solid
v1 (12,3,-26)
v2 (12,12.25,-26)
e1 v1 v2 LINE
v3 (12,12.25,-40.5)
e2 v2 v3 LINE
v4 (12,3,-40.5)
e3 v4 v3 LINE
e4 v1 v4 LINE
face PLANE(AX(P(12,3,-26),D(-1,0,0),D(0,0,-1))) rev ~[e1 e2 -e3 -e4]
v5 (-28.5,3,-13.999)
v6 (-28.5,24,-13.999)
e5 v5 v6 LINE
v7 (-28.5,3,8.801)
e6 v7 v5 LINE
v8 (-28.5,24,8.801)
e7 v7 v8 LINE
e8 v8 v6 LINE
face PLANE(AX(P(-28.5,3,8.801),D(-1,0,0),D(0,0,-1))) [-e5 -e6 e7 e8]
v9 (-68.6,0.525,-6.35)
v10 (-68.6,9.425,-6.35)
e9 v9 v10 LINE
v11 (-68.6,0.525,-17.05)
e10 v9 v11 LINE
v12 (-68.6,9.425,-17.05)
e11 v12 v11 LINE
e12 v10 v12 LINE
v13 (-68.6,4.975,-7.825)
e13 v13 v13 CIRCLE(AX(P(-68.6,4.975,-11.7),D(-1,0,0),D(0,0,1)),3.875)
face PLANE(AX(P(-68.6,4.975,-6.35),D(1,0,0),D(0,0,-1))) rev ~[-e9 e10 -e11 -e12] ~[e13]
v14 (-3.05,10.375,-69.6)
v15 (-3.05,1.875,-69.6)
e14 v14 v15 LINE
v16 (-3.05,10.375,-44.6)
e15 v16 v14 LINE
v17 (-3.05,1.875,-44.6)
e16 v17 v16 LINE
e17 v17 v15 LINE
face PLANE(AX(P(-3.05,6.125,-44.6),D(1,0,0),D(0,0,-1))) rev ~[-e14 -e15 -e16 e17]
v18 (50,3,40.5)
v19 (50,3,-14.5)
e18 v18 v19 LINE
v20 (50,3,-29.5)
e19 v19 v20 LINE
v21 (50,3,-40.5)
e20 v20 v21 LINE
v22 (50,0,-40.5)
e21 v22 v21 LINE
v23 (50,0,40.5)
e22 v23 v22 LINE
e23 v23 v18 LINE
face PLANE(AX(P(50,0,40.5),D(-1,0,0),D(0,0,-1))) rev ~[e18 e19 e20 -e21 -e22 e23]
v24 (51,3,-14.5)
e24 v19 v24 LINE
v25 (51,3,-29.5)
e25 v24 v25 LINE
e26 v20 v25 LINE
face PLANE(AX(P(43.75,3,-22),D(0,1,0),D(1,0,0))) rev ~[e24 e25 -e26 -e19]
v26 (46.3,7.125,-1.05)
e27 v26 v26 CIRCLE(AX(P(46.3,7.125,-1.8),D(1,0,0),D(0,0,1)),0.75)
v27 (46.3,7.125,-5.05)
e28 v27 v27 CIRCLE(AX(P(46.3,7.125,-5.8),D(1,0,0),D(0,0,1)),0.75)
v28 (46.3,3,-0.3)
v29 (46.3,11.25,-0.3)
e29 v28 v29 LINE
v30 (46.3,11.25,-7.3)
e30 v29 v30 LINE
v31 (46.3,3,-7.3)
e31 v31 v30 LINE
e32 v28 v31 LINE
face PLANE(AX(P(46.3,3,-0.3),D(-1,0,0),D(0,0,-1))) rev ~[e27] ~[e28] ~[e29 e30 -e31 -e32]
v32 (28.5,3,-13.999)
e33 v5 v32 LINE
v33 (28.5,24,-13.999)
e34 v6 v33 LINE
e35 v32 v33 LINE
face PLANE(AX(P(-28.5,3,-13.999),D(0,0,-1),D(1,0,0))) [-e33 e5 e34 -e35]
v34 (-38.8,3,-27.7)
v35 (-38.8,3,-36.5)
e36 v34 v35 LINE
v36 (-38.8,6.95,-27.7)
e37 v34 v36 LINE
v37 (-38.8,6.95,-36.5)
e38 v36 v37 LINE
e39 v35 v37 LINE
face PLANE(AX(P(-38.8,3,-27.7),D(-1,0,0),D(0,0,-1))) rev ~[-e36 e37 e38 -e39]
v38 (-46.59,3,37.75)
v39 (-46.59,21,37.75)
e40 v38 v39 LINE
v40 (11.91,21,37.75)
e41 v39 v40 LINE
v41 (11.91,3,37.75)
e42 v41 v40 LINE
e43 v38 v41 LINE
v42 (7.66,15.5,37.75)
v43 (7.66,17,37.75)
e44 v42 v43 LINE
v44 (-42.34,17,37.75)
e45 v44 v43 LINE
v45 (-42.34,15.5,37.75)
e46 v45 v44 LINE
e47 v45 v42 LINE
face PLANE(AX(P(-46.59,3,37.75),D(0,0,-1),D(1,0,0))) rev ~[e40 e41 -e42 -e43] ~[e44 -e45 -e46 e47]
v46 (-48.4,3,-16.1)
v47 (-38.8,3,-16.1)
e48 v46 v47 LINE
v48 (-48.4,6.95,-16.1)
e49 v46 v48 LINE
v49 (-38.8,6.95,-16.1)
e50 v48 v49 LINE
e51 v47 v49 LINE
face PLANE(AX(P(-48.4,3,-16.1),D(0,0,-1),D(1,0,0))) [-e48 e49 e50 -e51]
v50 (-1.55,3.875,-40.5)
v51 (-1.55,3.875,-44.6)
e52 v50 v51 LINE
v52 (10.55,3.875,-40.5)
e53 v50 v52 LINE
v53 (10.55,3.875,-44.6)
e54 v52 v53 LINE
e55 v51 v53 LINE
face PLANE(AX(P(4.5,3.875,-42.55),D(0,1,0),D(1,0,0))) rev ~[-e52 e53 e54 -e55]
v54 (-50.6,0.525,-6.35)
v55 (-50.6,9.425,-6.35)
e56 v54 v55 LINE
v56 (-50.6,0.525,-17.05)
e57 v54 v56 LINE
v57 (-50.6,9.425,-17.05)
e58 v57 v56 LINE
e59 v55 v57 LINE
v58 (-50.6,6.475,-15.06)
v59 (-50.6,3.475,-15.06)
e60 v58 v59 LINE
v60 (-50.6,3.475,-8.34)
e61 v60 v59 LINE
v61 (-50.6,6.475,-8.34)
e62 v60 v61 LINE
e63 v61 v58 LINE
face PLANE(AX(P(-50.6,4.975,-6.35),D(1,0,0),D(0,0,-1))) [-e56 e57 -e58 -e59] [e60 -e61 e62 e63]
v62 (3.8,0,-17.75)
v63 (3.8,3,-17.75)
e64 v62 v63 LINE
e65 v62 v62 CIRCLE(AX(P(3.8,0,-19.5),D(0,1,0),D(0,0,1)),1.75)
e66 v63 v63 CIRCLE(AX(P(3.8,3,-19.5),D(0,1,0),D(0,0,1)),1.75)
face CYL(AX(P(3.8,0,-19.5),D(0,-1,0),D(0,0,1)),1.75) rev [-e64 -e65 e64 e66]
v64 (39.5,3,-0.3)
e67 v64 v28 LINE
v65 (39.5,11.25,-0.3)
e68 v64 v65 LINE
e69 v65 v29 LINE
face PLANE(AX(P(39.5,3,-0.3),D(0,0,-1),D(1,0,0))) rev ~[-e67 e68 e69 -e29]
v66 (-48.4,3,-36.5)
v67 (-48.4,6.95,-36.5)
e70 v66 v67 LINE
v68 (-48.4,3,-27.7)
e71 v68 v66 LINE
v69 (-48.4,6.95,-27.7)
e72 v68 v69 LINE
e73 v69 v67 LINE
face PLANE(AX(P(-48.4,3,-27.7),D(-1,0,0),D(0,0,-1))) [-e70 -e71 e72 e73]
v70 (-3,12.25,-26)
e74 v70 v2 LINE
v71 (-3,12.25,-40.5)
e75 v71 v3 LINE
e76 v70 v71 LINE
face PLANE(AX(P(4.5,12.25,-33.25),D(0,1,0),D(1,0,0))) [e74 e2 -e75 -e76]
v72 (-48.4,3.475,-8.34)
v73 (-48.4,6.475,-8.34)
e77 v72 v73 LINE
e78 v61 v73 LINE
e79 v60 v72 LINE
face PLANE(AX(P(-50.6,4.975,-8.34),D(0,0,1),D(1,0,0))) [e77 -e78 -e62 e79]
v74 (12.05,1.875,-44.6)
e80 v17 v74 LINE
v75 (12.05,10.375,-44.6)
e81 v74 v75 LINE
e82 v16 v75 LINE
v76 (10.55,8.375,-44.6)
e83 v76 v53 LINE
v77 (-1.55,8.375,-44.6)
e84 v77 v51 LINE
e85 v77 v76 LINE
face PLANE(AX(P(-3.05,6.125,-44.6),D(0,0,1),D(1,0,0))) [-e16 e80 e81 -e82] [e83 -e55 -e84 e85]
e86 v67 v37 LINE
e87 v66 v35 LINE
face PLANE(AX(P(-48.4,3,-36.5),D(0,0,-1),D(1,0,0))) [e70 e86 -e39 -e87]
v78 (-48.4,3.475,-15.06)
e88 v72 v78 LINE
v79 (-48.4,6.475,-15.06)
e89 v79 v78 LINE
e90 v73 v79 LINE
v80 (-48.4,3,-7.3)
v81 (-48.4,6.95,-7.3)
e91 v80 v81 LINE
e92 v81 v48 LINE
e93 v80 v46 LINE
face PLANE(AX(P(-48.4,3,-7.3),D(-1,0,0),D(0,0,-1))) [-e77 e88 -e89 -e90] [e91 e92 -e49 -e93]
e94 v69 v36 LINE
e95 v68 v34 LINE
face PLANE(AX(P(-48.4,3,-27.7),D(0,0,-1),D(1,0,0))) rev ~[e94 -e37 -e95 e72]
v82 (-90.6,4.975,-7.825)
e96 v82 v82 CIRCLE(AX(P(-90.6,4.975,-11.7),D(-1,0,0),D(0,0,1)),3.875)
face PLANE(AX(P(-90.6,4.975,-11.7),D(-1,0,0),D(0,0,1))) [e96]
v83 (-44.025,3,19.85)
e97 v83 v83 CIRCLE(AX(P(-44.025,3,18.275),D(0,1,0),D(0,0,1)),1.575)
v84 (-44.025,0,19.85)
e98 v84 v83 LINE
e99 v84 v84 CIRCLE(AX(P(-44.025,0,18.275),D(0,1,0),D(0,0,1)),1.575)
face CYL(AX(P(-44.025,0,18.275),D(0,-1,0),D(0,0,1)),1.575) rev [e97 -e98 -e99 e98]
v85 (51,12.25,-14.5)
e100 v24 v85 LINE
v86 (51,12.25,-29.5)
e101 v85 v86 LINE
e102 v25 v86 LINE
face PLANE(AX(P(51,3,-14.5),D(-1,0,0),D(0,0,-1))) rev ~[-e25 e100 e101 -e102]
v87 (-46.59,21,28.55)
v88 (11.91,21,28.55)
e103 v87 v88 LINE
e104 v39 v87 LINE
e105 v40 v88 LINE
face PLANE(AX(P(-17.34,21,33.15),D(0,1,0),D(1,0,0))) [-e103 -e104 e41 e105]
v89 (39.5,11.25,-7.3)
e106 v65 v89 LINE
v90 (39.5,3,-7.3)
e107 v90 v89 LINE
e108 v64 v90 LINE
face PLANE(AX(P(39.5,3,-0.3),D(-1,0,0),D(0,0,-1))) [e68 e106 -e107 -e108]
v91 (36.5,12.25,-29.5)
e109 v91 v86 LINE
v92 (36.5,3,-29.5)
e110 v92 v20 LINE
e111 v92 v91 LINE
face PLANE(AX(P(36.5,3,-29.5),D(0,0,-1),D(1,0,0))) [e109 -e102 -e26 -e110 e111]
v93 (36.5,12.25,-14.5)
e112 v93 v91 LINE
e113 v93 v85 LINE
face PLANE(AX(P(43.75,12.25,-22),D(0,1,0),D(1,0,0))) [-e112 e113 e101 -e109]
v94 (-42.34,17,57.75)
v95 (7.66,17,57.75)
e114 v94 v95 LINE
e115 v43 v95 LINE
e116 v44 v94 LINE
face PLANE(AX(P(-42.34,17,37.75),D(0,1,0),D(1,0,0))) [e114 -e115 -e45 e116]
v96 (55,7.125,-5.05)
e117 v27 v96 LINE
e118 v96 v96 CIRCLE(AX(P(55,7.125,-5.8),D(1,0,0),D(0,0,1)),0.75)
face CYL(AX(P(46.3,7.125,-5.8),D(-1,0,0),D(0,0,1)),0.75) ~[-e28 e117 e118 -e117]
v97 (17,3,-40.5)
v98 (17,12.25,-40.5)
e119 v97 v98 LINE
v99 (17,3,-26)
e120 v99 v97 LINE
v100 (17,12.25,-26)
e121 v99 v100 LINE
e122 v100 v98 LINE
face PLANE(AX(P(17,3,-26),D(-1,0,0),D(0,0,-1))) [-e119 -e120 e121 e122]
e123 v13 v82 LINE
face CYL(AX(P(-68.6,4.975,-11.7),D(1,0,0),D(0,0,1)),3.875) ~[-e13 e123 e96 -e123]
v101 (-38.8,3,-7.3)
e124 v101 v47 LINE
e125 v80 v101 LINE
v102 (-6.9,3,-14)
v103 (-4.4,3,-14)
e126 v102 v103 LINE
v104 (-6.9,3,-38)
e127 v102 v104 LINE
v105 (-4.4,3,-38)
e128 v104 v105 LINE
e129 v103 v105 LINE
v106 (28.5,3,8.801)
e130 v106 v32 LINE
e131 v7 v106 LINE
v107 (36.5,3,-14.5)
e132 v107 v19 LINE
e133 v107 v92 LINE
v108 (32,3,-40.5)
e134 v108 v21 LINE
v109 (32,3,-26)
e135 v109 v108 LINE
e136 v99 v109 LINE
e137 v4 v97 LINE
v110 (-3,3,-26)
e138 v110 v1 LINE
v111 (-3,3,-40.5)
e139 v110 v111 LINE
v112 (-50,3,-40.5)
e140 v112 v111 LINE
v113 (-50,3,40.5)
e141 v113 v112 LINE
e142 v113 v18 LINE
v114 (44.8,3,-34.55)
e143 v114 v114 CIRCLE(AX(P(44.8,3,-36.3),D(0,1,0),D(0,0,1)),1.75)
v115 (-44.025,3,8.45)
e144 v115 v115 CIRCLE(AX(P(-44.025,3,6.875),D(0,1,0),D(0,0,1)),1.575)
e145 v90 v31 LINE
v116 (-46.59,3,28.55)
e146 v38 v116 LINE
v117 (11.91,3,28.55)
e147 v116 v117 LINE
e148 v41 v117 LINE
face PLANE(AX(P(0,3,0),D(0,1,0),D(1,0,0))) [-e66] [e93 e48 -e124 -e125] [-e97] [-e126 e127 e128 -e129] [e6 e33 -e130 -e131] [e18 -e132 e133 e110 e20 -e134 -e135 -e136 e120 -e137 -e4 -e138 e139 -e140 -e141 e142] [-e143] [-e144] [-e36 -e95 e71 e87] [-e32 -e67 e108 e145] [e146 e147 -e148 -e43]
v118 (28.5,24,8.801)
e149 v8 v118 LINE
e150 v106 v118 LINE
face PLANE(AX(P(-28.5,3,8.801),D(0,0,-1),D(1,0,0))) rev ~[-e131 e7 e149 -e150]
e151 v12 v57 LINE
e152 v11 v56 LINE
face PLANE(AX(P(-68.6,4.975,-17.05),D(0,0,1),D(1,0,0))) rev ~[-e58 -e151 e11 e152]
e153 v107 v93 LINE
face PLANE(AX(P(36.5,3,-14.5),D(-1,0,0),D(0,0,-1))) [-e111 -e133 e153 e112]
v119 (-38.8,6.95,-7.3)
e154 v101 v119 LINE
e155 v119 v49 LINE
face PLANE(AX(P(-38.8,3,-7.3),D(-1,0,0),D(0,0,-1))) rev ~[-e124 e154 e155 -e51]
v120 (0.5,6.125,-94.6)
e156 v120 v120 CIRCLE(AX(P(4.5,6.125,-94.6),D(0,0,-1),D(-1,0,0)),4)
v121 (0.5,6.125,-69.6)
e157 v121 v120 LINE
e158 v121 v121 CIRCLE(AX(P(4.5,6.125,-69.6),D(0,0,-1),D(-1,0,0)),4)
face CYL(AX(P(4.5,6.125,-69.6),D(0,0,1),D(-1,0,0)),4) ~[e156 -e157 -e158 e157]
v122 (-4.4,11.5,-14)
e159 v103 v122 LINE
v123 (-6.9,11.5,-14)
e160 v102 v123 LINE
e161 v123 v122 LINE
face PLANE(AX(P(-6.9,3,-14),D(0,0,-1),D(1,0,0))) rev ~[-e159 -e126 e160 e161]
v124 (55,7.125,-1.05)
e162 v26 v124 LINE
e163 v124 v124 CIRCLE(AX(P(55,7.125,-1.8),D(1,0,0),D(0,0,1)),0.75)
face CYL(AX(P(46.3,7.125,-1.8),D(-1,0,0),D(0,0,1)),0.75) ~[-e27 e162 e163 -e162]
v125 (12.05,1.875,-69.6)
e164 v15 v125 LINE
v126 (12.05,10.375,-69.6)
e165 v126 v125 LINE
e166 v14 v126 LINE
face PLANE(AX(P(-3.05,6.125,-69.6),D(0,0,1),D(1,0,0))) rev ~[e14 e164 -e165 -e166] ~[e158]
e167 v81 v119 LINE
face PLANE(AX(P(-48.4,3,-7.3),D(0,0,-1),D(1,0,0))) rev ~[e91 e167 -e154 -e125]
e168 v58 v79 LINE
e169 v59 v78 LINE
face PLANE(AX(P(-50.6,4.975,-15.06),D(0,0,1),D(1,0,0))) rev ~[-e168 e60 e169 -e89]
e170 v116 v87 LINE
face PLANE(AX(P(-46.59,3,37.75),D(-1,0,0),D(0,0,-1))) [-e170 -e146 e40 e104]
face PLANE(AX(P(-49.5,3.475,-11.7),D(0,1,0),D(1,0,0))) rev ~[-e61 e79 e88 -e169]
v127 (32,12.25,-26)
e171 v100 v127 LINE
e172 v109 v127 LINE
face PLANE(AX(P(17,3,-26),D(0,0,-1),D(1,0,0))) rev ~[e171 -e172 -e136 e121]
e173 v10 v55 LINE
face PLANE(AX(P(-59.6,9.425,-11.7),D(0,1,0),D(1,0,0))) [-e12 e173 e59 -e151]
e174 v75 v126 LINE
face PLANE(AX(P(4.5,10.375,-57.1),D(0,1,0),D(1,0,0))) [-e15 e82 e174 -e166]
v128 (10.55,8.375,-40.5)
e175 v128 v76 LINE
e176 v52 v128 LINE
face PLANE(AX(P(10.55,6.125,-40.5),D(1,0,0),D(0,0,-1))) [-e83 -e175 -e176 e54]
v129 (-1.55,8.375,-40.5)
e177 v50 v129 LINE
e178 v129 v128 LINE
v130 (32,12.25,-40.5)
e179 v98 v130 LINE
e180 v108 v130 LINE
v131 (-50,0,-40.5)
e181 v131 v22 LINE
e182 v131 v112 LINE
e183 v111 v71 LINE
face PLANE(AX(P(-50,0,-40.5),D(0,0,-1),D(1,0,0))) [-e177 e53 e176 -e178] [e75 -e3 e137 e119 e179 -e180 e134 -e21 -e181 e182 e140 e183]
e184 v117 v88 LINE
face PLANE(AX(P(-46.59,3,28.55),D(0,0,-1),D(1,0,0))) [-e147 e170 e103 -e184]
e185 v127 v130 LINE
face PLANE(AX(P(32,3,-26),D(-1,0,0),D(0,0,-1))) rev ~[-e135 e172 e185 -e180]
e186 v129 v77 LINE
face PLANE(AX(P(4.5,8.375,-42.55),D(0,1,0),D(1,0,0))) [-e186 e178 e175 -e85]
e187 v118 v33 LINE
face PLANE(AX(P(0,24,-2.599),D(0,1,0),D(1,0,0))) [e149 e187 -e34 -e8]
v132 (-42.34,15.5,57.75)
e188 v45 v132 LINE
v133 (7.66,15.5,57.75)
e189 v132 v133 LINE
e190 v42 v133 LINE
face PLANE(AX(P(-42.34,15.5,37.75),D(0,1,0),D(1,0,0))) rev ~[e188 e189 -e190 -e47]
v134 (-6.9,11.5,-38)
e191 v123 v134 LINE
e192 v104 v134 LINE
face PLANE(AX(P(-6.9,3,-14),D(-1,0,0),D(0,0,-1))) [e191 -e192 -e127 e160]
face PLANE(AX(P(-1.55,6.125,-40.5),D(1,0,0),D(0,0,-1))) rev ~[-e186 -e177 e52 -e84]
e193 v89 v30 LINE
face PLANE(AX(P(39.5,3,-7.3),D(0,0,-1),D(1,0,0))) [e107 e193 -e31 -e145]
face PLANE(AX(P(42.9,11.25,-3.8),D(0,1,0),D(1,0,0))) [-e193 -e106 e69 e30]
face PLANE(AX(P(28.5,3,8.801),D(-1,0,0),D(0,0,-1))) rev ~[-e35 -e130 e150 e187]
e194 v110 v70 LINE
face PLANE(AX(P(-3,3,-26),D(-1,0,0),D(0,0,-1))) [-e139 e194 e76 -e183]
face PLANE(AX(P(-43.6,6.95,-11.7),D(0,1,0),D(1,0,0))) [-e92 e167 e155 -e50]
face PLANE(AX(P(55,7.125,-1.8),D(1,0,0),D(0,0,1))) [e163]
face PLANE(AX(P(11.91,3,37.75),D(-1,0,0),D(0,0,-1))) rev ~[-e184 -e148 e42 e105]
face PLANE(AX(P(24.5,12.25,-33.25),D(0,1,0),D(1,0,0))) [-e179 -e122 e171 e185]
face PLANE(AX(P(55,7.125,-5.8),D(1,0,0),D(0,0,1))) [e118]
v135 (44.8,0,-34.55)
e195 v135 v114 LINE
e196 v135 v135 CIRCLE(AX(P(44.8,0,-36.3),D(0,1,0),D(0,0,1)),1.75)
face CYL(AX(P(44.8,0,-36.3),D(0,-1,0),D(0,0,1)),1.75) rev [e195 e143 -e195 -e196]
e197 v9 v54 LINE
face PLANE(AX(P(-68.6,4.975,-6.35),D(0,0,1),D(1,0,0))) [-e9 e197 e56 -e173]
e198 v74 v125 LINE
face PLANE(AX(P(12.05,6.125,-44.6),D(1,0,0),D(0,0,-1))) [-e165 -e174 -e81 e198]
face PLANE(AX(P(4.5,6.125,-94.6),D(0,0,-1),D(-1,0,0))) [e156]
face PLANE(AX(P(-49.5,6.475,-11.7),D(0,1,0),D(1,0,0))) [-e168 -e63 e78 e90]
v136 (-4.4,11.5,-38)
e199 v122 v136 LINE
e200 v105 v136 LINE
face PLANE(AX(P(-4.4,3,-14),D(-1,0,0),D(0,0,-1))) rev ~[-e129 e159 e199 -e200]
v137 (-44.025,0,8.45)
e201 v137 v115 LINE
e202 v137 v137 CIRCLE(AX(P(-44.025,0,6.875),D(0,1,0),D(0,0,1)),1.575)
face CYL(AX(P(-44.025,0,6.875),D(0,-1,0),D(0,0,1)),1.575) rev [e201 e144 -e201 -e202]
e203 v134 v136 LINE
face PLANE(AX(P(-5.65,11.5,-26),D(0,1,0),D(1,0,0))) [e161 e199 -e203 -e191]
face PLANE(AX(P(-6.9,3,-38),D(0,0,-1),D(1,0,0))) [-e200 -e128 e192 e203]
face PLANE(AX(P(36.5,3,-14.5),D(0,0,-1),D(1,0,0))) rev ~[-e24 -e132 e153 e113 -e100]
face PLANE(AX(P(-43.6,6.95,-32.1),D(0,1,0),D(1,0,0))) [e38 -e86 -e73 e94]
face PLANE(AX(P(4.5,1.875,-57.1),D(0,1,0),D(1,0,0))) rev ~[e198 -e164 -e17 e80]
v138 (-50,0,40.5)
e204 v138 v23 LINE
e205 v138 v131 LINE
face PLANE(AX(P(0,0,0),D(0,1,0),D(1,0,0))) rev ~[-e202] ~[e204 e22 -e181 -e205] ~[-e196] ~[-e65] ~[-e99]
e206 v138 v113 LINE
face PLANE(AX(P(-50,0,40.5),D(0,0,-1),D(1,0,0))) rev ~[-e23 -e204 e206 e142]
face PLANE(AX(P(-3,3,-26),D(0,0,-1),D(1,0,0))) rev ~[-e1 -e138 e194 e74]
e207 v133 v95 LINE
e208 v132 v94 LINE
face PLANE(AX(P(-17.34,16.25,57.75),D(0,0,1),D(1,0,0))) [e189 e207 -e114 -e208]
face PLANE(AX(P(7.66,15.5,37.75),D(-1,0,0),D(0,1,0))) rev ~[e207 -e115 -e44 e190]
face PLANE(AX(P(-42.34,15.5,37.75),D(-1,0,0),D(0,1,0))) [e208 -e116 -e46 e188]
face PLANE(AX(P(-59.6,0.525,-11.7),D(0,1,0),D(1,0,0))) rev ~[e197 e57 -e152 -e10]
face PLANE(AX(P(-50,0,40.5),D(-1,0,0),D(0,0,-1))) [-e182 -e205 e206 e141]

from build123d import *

# Parameters (mm, degrees)
SKETCH1_W            = 100
SKETCH1_H            = 81
SKETCH1_R            = 1.75
SKETCH1_R_2          = 1.575
BOSS_EXTRUDE1_DEPTH  = 3
SKETCH2_W            = 58.5
SKETCH2_H            = 9.2
BOSS_EXTRUDE2_DEPTH  = 18
SKETCH3_W            = 50
SKETCH3_H            = 1.5
BOSS_EXTRUDE3_DEPTH  = 20
SKETCH4_W            = 14.5
SKETCH4_H            = 15
SKETCH4_W_2          = 15
SKETCH4_H_2          = 14.5
BOSS_EXTRUDE4_DEPTH  = 9.25
SKETCH5_W            = 2.5
SKETCH5_H            = 24
BOSS_EXTRUDE5_DEPTH  = 8.5
SKETCH6_W            = 12.1
SKETCH6_H            = 4.1
BOSS_EXTRUDE6_DEPTH  = 2.25
SKETCH6_3_W          = 15.1
SKETCH6_3_H          = 25
BOSS_EXTRUDE7_DEPTH  = 4.25
SKETCH7_R            = 4
BOSS_EXTRUDE8_DEPTH  = 25
SKETCH8_W            = 9.6
SKETCH8_H            = 8.8
BOSS_EXTRUDE9_DEPTH  = 3.95
SKETCH9_W            = 2.2
SKETCH9_H            = 6.72
BOSS_EXTRUDE10_DEPTH = 1.5
SKETCH9_3_W          = 18
SKETCH9_3_H          = 10.7
BOSS_EXTRUDE11_DEPTH = 4.45
SKETCH10_R           = 3.875
BOSS_EXTRUDE12_DEPTH = 22
SKETCH11_W           = 57
SKETCH11_H           = 22.8
BOSS_EXTRUDE13_DEPTH = 21
SKETCH12_W           = 6.8
SKETCH12_H           = 7
BOSS_EXTRUDE14_DEPTH = 8.25
SKETCH13_R           = 0.75
BOSS_EXTRUDE15_DEPTH = 8.7


with BuildPart() as part:
    # Sketch1 → Boss-Extrude1 (new body)
    with BuildSketch(Plane(origin=(0, 0, 0), x_dir=(1, 0, 0), z_dir=(0, 1, 0))):
        Rectangle(SKETCH1_W, SKETCH1_H)
        with Locations(Location((44.8, 36.3, 0), (0, 0, 270))):
            Circle(SKETCH1_R, mode=Mode.SUBTRACT)
        with Locations(Location((3.8, 19.5, 0), (0, 0, 270))):
            Circle(SKETCH1_R, mode=Mode.SUBTRACT)
        with Locations(Location((-44.025, -18.275, 0), (0, 0, 270))):
            Circle(SKETCH1_R_2, mode=Mode.SUBTRACT)
        with Locations(Location((-44.025, -6.875, 0), (0, 0, 270))):
            Circle(SKETCH1_R_2, mode=Mode.SUBTRACT)
    extrude(amount=BOSS_EXTRUDE1_DEPTH)

    # Sketch2 → Boss-Extrude2 (add)
    with BuildSketch(Plane(origin=(0, 3, 0), x_dir=(1, 0, 0), z_dir=(0, 1, 0))):
        with Locations((-17.34, -33.15)):
            Rectangle(SKETCH2_W, SKETCH2_H)
    extrude(amount=BOSS_EXTRUDE2_DEPTH)

    # Sketch3 → Boss-Extrude3 (add)
    with BuildSketch(Plane.XY.offset(37.75)):
        with Locations((-17.34, 16.25)):
            Rectangle(SKETCH3_W, SKETCH3_H)
    extrude(amount=BOSS_EXTRUDE3_DEPTH)

    # Sketch4 → Boss-Extrude4 (add)
    with BuildSketch(Plane(origin=(0, 3, 0), x_dir=(1, 0, 0), z_dir=(0, 1, 0))):
        with Locations((43.75, 22)):
            Rectangle(SKETCH4_W, SKETCH4_H)
        with Locations((4.5, 33.25)):
            Rectangle(SKETCH4_W_2, SKETCH4_H_2)
        with Locations((24.5, 33.25)):
            Rectangle(SKETCH4_W_2, SKETCH4_H_2)
    extrude(amount=BOSS_EXTRUDE4_DEPTH)

    # Sketch5 → Boss-Extrude5 (add)
    with BuildSketch(Plane(origin=(0, 3, 0), x_dir=(1, 0, 0), z_dir=(0, 1, 0))):
        with Locations((-5.65, 26)):
            Rectangle(SKETCH5_W, SKETCH5_H)
    extrude(amount=BOSS_EXTRUDE5_DEPTH)

    # Sketch6 → Boss-Extrude6 (add, symmetric)
    with BuildSketch(Plane(origin=(0, 6.125, 0), x_dir=(1, 0, 0), z_dir=(0, 1, 0))):
        with Locations((4.5, 42.55)):
            Rectangle(SKETCH6_W, SKETCH6_H)
    extrude(amount=BOSS_EXTRUDE6_DEPTH, both=True)

    # Sketch6<3> → Boss-Extrude7 (add, symmetric)
    with BuildSketch(Plane(origin=(0, 6.125, 0), x_dir=(1, 0, 0), z_dir=(0, 1, 0))):
        with Locations((4.5, 57.1)):
            Rectangle(SKETCH6_3_W, SKETCH6_3_H)
    extrude(amount=BOSS_EXTRUDE7_DEPTH, both=True)

    # Sketch7 → Boss-Extrude8 (add)
    with BuildSketch(Plane(origin=(0, 0, -69.6), x_dir=(-1, 0, 0), z_dir=(0, 0, -1))):
        with Locations((-4.5, 6.125)):
            Circle(SKETCH7_R)
    extrude(amount=BOSS_EXTRUDE8_DEPTH)

    # Sketch8 → Boss-Extrude9 (add)
    with BuildSketch(Plane(origin=(0, 3, 0), x_dir=(1, 0, 0), z_dir=(0, 1, 0))):
        with Locations((-43.6, 32.1)):
            Rectangle(SKETCH8_W, SKETCH8_H)
        with Locations((-43.6, 11.7)):
            Rectangle(SKETCH8_W, SKETCH8_H)
    extrude(amount=BOSS_EXTRUDE9_DEPTH)

    # Sketch9 → Boss-Extrude10 (add, symmetric)
    with BuildSketch(Plane(origin=(0, 4.975, 0), x_dir=(1, 0, 0), z_dir=(0, 1, 0))):
        with Locations((-49.5, 11.7)):
            Rectangle(SKETCH9_W, SKETCH9_H)
    extrude(amount=BOSS_EXTRUDE10_DEPTH, both=True)

    # Sketch9<3> → Boss-Extrude11 (add, symmetric)
    with BuildSketch(Plane(origin=(0, 4.975, 0), x_dir=(1, 0, 0), z_dir=(0, 1, 0))):
        with Locations((-59.6, 11.7)):
            Rectangle(SKETCH9_3_W, SKETCH9_3_H)
    extrude(amount=BOSS_EXTRUDE11_DEPTH, both=True)

    # Sketch10 → Boss-Extrude12 (add)
    with BuildSketch(Plane.ZY.offset(68.6)):
        with Locations((-11.7, 4.975)):
            Circle(SKETCH10_R)
    extrude(amount=BOSS_EXTRUDE12_DEPTH)

    # Sketch11 → Boss-Extrude13 (add)
    with BuildSketch(Plane(origin=(0, 3, 0), x_dir=(1, 0, 0), z_dir=(0, 1, 0))):
        with Locations((0, 2.599)):
            Rectangle(SKETCH11_W, SKETCH11_H)
    extrude(amount=BOSS_EXTRUDE13_DEPTH)

    # Sketch12 → Boss-Extrude14 (add)
    with BuildSketch(Plane(origin=(0, 3, 0), x_dir=(1, 0, 0), z_dir=(0, 1, 0))):
        with Locations((42.9, 3.8)):
            Rectangle(SKETCH12_W, SKETCH12_H)
    extrude(amount=BOSS_EXTRUDE14_DEPTH)

    # Sketch13 → Boss-Extrude15 (add)
    with BuildSketch(Plane(origin=(46.3, 0, 0), x_dir=(0, 0, -1), z_dir=(1, 0, 0))):
        with Locations(Location((1.8, 7.125, 0), (0, 0, 180))):
            Circle(SKETCH13_R)
        with Locations(Location((5.8, 7.125, 0), (0, 0, 180))):
            Circle(SKETCH13_R)
    extrude(amount=BOSS_EXTRUDE15_DEPTH)


solid = part.part
